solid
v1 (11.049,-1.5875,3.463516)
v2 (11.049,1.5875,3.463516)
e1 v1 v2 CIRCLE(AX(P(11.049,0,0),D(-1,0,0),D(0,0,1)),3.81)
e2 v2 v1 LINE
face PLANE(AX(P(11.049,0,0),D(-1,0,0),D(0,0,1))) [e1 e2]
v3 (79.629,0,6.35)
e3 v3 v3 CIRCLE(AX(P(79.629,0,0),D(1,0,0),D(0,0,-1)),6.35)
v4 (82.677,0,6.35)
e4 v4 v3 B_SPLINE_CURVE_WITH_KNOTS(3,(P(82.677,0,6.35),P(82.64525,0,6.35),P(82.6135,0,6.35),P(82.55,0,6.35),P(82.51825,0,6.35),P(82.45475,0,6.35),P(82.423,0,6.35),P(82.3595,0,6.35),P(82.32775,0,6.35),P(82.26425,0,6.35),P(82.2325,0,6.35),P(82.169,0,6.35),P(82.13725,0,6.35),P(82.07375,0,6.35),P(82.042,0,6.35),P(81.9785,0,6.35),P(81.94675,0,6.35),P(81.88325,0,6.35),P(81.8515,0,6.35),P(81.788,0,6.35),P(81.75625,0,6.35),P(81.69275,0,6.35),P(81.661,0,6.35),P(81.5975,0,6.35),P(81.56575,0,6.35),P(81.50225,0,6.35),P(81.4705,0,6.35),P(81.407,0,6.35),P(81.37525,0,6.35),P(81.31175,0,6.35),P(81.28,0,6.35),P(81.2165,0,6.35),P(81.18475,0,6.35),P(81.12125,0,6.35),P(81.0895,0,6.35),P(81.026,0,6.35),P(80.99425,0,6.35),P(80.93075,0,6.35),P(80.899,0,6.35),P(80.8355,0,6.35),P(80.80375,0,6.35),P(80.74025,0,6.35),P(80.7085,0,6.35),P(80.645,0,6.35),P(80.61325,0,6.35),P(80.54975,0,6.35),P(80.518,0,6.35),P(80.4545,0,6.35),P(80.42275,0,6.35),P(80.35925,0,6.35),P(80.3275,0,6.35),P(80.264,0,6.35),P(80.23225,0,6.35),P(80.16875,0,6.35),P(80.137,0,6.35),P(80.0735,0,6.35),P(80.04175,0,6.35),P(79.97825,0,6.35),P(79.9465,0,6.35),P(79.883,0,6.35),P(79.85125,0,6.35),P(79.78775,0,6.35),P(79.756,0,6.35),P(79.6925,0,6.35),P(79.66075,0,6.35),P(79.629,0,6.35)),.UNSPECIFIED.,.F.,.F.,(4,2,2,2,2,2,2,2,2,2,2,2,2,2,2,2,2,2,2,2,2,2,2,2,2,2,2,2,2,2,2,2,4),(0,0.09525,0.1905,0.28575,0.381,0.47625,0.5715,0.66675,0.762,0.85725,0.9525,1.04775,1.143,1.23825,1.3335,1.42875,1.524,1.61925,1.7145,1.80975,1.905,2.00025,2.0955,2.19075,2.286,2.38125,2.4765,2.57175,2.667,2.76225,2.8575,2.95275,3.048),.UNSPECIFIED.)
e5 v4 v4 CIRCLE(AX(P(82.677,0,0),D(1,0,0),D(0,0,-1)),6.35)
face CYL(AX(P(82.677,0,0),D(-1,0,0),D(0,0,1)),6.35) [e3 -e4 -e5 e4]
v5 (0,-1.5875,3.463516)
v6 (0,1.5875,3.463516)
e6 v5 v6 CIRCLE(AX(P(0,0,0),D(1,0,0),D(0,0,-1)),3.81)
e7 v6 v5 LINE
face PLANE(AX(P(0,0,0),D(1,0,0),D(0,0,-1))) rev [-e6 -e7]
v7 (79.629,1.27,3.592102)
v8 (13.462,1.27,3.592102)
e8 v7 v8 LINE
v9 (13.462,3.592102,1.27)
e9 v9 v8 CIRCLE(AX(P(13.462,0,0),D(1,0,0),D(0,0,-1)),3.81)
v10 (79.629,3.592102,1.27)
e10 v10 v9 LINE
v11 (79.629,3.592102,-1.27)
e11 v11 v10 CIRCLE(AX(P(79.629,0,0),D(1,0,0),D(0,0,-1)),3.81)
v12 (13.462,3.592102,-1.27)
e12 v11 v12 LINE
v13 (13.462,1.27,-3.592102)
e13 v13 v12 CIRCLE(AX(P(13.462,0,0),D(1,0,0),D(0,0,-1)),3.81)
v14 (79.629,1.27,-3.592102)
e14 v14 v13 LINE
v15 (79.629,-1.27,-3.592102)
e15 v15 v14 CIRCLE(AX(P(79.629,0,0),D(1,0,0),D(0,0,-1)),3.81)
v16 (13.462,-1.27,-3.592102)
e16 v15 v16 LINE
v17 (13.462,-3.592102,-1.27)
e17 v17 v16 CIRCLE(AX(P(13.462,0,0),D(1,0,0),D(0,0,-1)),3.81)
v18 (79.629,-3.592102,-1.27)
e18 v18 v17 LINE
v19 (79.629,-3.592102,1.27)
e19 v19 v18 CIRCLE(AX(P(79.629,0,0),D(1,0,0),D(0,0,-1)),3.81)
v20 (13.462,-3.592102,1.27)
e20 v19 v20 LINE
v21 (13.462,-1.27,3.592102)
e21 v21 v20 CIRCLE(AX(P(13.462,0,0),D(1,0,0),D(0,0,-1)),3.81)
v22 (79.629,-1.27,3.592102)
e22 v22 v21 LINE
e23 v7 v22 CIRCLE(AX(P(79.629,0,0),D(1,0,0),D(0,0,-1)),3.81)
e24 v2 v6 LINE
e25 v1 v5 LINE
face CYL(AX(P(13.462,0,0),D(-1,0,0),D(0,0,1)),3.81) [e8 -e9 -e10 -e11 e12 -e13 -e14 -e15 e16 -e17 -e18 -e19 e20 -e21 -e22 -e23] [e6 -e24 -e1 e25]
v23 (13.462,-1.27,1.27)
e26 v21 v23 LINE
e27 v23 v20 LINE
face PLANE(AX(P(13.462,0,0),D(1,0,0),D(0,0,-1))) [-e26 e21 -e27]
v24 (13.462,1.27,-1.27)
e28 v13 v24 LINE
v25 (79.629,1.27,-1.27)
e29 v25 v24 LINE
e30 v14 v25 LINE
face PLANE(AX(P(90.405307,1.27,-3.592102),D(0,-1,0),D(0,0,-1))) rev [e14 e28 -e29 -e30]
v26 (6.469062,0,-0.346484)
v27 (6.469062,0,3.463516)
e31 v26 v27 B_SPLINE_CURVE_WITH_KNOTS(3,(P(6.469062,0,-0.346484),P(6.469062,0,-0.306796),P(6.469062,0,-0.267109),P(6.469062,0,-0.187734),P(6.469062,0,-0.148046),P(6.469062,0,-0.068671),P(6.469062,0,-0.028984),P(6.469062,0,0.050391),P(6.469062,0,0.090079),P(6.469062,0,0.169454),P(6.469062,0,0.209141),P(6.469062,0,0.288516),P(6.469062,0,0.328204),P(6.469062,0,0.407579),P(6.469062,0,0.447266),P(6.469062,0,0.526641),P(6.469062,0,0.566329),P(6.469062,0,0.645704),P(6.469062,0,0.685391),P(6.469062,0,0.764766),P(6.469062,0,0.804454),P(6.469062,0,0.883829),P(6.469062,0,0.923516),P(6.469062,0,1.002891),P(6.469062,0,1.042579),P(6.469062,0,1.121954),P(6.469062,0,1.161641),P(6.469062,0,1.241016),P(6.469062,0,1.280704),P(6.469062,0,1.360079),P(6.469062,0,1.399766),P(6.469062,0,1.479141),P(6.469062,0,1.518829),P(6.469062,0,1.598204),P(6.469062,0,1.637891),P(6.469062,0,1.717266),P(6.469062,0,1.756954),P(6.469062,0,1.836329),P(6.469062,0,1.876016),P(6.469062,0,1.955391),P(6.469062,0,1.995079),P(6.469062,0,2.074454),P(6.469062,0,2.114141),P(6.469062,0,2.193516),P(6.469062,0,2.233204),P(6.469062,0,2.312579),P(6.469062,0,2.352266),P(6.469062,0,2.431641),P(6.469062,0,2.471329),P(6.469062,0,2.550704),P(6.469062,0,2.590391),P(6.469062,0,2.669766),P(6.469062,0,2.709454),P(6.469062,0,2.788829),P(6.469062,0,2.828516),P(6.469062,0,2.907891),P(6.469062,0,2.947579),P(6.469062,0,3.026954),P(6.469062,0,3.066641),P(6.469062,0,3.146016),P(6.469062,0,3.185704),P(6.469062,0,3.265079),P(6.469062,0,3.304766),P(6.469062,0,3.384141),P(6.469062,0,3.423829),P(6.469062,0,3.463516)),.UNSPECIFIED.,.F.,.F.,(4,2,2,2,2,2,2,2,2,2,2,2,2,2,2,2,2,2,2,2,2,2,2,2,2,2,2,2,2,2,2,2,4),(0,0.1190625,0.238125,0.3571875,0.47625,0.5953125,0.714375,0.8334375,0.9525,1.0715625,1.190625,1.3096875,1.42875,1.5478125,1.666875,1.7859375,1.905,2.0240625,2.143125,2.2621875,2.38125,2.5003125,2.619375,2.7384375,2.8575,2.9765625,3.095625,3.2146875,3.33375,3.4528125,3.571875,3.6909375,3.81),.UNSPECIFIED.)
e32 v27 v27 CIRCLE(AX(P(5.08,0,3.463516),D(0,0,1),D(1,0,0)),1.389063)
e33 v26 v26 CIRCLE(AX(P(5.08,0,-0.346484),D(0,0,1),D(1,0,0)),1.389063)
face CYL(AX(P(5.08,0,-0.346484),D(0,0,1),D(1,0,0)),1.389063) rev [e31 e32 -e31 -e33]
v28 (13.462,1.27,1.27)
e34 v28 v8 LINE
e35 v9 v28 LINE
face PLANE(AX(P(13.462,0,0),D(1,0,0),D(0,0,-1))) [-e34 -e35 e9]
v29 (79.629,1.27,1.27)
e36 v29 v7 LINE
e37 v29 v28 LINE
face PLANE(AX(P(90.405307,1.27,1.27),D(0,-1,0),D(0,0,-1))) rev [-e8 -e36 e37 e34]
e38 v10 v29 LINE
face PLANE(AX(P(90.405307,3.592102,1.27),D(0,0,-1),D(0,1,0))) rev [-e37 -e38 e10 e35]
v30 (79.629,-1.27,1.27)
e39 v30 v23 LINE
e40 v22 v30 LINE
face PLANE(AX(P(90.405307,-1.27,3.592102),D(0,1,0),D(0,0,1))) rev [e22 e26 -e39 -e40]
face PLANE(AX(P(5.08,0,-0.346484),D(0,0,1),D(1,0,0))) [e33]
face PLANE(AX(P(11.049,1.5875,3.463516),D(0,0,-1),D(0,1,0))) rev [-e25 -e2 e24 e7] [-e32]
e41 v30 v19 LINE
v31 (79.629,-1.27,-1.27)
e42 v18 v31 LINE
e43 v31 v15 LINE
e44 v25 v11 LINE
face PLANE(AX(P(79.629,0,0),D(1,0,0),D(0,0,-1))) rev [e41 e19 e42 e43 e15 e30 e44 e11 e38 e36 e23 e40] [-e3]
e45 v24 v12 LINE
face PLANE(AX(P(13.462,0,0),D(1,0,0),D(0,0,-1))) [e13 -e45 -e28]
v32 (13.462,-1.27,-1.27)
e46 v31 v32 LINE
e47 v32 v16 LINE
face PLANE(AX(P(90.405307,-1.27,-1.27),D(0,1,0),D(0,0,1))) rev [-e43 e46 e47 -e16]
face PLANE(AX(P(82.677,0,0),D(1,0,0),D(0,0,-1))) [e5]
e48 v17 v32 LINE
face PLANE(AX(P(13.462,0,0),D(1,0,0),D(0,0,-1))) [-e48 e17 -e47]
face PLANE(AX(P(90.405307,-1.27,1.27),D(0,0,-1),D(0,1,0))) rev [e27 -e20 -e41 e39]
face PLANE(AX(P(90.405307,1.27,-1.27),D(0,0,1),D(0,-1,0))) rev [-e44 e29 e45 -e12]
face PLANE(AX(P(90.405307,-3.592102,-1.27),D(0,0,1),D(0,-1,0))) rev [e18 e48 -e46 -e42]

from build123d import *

# Parameters (mm, degrees)
SKETCH1_R           = 3.81
BASE_EXTRUDE_DEPTH  = 13.462
BOSS_EXTRUDE4_DEPTH = 66.167
SKETCH3_R           = 6.35
BOSS_EXTRUDE5_DEPTH = 3.048
CUT_EXTRUDE1_DEPTH  = 11.049
SKETCH5_R           = 1.3890625
CUT_EXTRUDE2_DEPTH  = 3.81


with BuildPart() as part:
    # Sketch1 → Base-Extrude (new body)
    with BuildSketch(Plane(origin=(0, 0, 0), x_dir=(0, 0, -1), z_dir=(1, 0, 0))):
        Circle(SKETCH1_R)
    extrude(amount=BASE_EXTRUDE_DEPTH)

    # Sketch2 → Boss-Extrude4 (add)
    with BuildSketch(Plane(origin=(13.462, 0, 0), x_dir=(0, 0, -1), z_dir=(1, 0, 0))):
        with BuildLine():
            Line((1.27, -3.592102448), (1.27, -1.27))
            Line((1.27, -1.27), (3.592102448, -1.27))
            ThreePointArc((3.592102448, -1.27), (3.81, 0), (3.592102448, 1.27))
            Line((3.592102448, 1.27), (1.27, 1.27))
            Line((1.27, 1.27), (1.27, 3.592102448))
            ThreePointArc((1.27, 3.592102448), (0, 3.81), (-1.27, 3.592102448))
            Line((-1.27, 3.592102448), (-1.27, 1.27))
            Line((-1.27, 1.27), (-3.592102448, 1.27))
            ThreePointArc((-3.592102448, 1.27), (-3.81, 0), (-3.592102448, -1.27))
            Line((-3.592102448, -1.27), (-1.27, -1.27))
            Line((-1.27, -1.27), (-1.27, -3.592102448))
            ThreePointArc((-1.27, -3.592102448), (0, -3.81), (1.27, -3.592102448))
        make_face()
    extrude(amount=BOSS_EXTRUDE4_DEPTH)

    # Sketch3 → Boss-Extrude5 (add)
    with BuildSketch(Plane(origin=(79.629, 0, 0), x_dir=(0, 0, -1), z_dir=(1, 0, 0))):
        with Locations(Location((0, 0, 0), (0, 0, 180))):
            Circle(SKETCH3_R)
    extrude(amount=BOSS_EXTRUDE5_DEPTH)

    # Sketch4 → Cut-Extrude1 (cut)
    with BuildSketch(Plane.ZY):
        with BuildLine():
            Line((3.463516096, 1.5875), (3.463516096, -1.5875))
            ThreePointArc((3.463516096, -1.5875), (3.81, 0), (3.463516096, 1.5875))
        make_face()
    extrude(amount=-CUT_EXTRUDE1_DEPTH, mode=Mode.SUBTRACT)

    # Sketch5 → Cut-Extrude2 (cut)
    with BuildSketch(Plane.XY.offset(3.463516096)):
        with Locations((5.08, 0)):
            Circle(SKETCH5_R)
    extrude(amount=-CUT_EXTRUDE2_DEPTH, mode=Mode.SUBTRACT)


solid = part.part
